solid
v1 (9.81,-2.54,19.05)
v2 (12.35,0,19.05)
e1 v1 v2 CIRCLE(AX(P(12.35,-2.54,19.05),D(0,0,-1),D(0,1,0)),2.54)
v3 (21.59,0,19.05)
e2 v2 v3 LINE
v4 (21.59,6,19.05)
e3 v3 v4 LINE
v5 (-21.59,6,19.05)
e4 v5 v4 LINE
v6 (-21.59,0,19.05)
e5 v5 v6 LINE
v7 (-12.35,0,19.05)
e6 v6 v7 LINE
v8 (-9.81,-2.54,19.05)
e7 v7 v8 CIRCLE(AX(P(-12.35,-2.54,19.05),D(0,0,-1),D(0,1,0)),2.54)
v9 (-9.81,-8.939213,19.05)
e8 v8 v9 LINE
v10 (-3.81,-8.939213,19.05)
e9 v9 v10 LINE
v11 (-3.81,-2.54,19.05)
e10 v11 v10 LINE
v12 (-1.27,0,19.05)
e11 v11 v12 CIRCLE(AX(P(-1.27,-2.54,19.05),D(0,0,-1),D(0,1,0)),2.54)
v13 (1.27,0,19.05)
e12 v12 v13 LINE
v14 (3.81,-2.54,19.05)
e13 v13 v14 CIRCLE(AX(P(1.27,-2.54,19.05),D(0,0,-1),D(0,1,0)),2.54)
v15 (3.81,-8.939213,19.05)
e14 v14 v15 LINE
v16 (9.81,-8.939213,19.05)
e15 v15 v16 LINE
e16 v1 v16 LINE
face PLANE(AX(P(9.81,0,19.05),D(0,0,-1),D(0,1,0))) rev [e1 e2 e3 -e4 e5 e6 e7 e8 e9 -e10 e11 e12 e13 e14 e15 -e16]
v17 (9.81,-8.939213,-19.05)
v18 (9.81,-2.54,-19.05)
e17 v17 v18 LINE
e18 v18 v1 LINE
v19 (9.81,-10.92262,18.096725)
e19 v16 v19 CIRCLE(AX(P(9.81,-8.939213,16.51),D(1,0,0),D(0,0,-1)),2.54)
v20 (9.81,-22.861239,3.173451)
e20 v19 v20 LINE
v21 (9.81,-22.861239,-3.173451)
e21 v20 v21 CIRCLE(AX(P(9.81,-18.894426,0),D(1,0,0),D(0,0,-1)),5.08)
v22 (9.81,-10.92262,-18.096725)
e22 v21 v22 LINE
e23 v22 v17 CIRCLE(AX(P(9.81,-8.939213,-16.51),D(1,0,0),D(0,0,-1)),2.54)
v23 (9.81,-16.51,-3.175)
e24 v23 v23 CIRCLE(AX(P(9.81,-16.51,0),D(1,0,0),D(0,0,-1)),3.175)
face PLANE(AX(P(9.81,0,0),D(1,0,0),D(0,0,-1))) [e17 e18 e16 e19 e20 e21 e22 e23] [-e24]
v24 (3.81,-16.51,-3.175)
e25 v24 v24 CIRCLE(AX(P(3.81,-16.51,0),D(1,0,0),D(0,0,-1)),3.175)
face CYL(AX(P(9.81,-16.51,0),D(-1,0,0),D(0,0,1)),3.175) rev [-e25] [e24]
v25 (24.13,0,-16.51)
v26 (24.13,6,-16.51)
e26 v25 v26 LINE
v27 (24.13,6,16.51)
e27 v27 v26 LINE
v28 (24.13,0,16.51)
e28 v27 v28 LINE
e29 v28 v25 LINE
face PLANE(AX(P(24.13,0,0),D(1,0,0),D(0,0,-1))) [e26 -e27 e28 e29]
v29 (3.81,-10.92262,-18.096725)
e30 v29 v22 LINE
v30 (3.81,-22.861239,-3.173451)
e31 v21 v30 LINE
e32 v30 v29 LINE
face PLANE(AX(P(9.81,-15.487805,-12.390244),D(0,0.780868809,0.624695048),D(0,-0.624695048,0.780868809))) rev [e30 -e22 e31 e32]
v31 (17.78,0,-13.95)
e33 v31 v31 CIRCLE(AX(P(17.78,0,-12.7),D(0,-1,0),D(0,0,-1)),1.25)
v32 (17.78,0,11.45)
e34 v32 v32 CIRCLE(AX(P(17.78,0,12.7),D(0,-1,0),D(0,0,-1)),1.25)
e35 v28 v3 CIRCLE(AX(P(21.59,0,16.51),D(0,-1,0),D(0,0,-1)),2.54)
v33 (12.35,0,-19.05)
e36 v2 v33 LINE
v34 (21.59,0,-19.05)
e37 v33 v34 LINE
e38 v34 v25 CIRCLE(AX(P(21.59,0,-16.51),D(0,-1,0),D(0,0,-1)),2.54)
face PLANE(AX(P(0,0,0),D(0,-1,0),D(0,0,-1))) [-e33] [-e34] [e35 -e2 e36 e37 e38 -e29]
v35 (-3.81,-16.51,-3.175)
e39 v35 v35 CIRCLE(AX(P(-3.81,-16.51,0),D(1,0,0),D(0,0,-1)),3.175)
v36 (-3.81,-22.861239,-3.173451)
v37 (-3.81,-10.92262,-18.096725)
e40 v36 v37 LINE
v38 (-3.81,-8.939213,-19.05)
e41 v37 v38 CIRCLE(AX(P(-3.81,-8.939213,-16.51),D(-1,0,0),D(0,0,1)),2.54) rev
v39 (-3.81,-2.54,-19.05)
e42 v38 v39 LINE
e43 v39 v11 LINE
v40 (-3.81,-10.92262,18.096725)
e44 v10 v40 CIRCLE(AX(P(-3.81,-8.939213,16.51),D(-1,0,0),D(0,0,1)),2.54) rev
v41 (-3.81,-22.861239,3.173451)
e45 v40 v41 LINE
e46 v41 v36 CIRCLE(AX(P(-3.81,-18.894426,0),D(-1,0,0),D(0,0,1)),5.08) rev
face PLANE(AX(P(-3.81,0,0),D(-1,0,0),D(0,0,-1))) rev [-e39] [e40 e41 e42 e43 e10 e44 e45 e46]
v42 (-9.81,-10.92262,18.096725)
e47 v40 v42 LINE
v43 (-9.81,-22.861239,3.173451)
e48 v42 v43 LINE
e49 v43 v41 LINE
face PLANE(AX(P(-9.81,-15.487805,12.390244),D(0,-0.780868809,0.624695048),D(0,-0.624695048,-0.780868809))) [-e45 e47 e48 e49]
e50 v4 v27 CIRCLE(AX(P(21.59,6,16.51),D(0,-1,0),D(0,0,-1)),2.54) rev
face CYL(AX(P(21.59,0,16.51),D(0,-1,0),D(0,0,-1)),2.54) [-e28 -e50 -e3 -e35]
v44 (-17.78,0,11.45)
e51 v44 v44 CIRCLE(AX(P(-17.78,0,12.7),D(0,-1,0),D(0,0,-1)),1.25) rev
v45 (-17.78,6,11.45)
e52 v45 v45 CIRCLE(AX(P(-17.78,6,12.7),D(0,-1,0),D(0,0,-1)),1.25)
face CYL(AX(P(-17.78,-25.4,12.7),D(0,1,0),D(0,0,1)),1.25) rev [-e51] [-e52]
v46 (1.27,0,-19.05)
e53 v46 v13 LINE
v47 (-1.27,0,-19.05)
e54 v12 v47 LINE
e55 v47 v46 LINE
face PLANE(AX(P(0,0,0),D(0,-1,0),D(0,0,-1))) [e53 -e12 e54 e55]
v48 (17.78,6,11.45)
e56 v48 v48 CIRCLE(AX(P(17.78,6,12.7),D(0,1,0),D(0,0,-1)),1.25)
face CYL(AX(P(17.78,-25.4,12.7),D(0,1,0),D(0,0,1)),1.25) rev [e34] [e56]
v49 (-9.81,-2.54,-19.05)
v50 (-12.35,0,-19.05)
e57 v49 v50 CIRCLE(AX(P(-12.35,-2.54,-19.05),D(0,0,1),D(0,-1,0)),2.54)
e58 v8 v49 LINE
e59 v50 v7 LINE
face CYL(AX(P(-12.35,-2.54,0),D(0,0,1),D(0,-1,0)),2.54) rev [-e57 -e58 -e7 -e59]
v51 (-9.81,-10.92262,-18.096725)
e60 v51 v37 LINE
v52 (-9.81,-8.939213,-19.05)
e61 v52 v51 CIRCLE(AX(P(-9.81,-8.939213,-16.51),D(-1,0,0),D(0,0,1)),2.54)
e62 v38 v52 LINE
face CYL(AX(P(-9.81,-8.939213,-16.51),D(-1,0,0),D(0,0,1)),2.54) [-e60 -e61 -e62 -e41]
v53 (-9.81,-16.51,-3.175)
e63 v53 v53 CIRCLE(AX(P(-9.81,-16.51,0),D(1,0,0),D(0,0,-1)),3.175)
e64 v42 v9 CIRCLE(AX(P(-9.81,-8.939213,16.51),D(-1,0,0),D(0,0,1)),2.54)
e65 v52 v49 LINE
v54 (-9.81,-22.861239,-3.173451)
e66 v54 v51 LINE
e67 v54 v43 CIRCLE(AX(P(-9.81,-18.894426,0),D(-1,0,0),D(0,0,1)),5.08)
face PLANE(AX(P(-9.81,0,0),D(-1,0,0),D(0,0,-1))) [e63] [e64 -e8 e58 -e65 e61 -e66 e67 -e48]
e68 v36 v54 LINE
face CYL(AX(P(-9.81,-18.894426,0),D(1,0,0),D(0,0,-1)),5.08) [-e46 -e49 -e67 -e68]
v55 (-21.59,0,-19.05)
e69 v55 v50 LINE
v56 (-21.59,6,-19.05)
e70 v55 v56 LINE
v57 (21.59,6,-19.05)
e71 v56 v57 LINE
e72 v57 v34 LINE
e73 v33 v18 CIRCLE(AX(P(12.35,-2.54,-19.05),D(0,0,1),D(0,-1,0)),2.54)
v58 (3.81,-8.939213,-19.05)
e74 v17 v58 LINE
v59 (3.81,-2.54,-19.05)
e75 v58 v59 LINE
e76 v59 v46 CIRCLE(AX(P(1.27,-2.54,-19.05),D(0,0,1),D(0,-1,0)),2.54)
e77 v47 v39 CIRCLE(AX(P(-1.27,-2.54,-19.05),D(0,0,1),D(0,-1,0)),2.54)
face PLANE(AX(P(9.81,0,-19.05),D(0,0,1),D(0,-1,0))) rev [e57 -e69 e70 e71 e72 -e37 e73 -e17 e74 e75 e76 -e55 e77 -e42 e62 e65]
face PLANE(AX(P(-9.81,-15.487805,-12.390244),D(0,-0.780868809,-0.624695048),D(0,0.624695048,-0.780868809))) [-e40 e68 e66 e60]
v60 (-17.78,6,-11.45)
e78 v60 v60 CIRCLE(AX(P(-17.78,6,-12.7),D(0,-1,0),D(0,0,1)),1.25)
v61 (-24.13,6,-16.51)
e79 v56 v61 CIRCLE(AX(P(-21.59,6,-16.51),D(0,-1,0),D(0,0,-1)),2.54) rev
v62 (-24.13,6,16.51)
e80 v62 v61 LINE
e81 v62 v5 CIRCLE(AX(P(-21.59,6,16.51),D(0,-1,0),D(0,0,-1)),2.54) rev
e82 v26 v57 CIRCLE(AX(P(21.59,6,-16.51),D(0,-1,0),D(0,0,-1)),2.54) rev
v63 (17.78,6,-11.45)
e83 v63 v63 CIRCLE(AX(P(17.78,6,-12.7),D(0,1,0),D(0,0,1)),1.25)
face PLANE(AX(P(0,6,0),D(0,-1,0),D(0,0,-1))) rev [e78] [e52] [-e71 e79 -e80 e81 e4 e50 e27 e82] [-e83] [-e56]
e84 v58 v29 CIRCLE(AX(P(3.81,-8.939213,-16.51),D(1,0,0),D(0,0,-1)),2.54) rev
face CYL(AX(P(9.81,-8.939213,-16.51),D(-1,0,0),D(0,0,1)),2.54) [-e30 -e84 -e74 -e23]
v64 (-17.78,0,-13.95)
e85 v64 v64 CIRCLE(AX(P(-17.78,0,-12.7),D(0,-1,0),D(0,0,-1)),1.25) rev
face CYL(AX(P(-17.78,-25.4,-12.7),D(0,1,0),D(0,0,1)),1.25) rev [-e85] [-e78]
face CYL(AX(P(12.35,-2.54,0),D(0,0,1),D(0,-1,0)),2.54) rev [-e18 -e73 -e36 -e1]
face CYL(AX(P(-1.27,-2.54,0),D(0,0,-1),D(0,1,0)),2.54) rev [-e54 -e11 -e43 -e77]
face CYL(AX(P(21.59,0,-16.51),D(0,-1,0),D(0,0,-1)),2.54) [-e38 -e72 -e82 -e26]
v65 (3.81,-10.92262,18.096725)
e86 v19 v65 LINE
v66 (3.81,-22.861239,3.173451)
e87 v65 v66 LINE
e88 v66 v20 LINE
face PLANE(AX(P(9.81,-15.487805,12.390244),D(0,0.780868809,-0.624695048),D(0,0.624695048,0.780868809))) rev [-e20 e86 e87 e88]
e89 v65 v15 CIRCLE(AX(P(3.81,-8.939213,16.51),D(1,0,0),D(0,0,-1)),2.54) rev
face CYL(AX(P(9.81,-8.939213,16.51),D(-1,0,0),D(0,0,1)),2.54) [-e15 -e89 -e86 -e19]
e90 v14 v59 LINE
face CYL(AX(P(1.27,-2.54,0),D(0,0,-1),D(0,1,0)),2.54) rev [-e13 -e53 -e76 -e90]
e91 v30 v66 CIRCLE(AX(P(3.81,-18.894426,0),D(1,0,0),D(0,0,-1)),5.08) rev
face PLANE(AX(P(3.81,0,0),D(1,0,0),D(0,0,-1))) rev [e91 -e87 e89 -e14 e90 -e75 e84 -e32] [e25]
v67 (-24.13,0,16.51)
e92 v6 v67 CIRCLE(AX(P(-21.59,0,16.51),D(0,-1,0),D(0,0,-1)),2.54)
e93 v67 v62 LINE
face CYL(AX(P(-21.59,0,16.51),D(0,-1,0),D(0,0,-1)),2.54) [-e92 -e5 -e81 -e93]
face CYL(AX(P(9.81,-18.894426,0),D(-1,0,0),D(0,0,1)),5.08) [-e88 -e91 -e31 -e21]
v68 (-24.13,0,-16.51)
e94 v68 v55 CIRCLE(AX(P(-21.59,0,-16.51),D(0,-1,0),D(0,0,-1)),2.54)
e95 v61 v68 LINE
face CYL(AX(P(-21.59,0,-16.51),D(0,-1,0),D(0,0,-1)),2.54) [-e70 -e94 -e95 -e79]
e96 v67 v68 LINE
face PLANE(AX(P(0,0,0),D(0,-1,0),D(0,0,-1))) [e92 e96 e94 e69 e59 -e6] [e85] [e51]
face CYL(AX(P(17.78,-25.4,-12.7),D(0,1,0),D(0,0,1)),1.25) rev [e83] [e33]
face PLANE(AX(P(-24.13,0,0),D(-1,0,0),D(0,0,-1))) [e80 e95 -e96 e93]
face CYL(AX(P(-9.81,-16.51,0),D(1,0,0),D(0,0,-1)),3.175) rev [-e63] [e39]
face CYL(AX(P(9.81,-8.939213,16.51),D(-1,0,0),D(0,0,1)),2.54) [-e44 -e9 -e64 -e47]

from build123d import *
from OCP.BRepFilletAPI import BRepFilletAPI_MakeFillet

# Parameters (mm, degrees)
SKETCH1_R           = 3.175
BOSS_EXTRUDE1_DEPTH = 6
BOSS_EXTRUDE2_START = -3.81
SKETCH1_3_W         = 38.1
SKETCH1_3_H         = 5.999999938
BOSS_EXTRUDE2_DEPTH = 24.13
SKETCH3_R           = 1.25
CUT_EXTRUDE1_DEPTH  = 44.944503594
FILLET1_R1          = 2.54
FILLET1_R2          = 5.08


with BuildPart() as part:
    # Sketch1 → Boss-Extrude1 (new body)
    with BuildSketch(Plane(origin=(3.81, 0, 0), x_dir=(0, 0, -1), z_dir=(1, 0, 0))):
        Polygon((-19.05, 0), (-19.05, -10.16), (0, -25.4), (19.05, -10.16), (19.05, 0), align=None)
        with Locations((0, -16.51)):
            Circle(SKETCH1_R, mode=Mode.SUBTRACT)
    boss_extrude1 = extrude(amount=BOSS_EXTRUDE1_DEPTH)

    # Sketch1<3> → Boss-Extrude2 (add)
    with BuildSketch(Plane(origin=(3.81, 0, 0), x_dir=(0, 0, -1), z_dir=(1, 0, 0)).offset(BOSS_EXTRUDE2_START)):
        with Locations((0, 2.999999969)):
            Rectangle(SKETCH1_3_W, SKETCH1_3_H)
    boss_extrude2 = extrude(amount=BOSS_EXTRUDE2_DEPTH)

    # Sketch3 → Cut-Extrude1 (cut, through all)
    with BuildSketch(Plane(origin=(0, 5.999999938, 0), x_dir=(1, 0, 0), z_dir=(0, 1, 0))):
        with Locations(Location((17.78, 12.7, 0), (0, 0, 270))):
            Circle(SKETCH3_R)
        with Locations(Location((17.78, -12.7, 0), (0, 0, 90))):
            Circle(SKETCH3_R)
    cut_extrude1 = extrude(amount=-CUT_EXTRUDE1_DEPTH, mode=Mode.SUBTRACT)

    # Mirror2: Boss-Extrude2, Cut-Extrude1 across plane
    add(boss_extrude2.mirror(Plane(origin=(0, 0, 0), x_dir=(0, 0, 1), z_dir=(1, 0, 0))))
    add(cut_extrude1.mirror(Plane(origin=(0, 0, 0), x_dir=(0, 0, 1), z_dir=(1, 0, 0))), mode=Mode.SUBTRACT)

    # Mirror3: Boss-Extrude1 across plane
    add(boss_extrude1.mirror(Plane(origin=(0, 0, 0), x_dir=(0, 0, 1), z_dir=(1, 0, 0))))

    # Fillet1: one fillet with a radius per group of edges: ONE call of the kernel's fillet builder (fillet() takes one radius for all edges)
    fillet1_edges_1 = [part.edges().sort_by_distance(p)[0] for p in [
        (6.81, -10.16, 19.05),
        (6.81, -10.16, -19.05),
        (9.81, 0, 0),
        (24.13, 2.999999969, 19.05),
        (24.13, 2.999999969, -19.05),
        (-24.13, 2.999999969, -19.05),
        (-24.13, 2.999999969, 19.05),
        (-6.81, -10.16, -19.05),
        (-6.81, -10.16, 19.05),
        (-3.81, 0, 0),
        (-9.81, 0, 0),
        (3.81, 0, 0),
    ]]
    fillet1_edges_2 = [part.edges().sort_by_distance(p)[0] for p in [
        (6.81, -25.4, 0),
        (-6.81, -25.4, 0),
    ]]
    fillet1 = BRepFilletAPI_MakeFillet(part.part.solid().wrapped)
    for e in fillet1_edges_1:
        fillet1.Add(FILLET1_R1, e.wrapped)
    for e in fillet1_edges_2:
        fillet1.Add(FILLET1_R2, e.wrapped)
    add(Compound.cast(fillet1.Shape()), mode=Mode.REPLACE)


solid = part.part
